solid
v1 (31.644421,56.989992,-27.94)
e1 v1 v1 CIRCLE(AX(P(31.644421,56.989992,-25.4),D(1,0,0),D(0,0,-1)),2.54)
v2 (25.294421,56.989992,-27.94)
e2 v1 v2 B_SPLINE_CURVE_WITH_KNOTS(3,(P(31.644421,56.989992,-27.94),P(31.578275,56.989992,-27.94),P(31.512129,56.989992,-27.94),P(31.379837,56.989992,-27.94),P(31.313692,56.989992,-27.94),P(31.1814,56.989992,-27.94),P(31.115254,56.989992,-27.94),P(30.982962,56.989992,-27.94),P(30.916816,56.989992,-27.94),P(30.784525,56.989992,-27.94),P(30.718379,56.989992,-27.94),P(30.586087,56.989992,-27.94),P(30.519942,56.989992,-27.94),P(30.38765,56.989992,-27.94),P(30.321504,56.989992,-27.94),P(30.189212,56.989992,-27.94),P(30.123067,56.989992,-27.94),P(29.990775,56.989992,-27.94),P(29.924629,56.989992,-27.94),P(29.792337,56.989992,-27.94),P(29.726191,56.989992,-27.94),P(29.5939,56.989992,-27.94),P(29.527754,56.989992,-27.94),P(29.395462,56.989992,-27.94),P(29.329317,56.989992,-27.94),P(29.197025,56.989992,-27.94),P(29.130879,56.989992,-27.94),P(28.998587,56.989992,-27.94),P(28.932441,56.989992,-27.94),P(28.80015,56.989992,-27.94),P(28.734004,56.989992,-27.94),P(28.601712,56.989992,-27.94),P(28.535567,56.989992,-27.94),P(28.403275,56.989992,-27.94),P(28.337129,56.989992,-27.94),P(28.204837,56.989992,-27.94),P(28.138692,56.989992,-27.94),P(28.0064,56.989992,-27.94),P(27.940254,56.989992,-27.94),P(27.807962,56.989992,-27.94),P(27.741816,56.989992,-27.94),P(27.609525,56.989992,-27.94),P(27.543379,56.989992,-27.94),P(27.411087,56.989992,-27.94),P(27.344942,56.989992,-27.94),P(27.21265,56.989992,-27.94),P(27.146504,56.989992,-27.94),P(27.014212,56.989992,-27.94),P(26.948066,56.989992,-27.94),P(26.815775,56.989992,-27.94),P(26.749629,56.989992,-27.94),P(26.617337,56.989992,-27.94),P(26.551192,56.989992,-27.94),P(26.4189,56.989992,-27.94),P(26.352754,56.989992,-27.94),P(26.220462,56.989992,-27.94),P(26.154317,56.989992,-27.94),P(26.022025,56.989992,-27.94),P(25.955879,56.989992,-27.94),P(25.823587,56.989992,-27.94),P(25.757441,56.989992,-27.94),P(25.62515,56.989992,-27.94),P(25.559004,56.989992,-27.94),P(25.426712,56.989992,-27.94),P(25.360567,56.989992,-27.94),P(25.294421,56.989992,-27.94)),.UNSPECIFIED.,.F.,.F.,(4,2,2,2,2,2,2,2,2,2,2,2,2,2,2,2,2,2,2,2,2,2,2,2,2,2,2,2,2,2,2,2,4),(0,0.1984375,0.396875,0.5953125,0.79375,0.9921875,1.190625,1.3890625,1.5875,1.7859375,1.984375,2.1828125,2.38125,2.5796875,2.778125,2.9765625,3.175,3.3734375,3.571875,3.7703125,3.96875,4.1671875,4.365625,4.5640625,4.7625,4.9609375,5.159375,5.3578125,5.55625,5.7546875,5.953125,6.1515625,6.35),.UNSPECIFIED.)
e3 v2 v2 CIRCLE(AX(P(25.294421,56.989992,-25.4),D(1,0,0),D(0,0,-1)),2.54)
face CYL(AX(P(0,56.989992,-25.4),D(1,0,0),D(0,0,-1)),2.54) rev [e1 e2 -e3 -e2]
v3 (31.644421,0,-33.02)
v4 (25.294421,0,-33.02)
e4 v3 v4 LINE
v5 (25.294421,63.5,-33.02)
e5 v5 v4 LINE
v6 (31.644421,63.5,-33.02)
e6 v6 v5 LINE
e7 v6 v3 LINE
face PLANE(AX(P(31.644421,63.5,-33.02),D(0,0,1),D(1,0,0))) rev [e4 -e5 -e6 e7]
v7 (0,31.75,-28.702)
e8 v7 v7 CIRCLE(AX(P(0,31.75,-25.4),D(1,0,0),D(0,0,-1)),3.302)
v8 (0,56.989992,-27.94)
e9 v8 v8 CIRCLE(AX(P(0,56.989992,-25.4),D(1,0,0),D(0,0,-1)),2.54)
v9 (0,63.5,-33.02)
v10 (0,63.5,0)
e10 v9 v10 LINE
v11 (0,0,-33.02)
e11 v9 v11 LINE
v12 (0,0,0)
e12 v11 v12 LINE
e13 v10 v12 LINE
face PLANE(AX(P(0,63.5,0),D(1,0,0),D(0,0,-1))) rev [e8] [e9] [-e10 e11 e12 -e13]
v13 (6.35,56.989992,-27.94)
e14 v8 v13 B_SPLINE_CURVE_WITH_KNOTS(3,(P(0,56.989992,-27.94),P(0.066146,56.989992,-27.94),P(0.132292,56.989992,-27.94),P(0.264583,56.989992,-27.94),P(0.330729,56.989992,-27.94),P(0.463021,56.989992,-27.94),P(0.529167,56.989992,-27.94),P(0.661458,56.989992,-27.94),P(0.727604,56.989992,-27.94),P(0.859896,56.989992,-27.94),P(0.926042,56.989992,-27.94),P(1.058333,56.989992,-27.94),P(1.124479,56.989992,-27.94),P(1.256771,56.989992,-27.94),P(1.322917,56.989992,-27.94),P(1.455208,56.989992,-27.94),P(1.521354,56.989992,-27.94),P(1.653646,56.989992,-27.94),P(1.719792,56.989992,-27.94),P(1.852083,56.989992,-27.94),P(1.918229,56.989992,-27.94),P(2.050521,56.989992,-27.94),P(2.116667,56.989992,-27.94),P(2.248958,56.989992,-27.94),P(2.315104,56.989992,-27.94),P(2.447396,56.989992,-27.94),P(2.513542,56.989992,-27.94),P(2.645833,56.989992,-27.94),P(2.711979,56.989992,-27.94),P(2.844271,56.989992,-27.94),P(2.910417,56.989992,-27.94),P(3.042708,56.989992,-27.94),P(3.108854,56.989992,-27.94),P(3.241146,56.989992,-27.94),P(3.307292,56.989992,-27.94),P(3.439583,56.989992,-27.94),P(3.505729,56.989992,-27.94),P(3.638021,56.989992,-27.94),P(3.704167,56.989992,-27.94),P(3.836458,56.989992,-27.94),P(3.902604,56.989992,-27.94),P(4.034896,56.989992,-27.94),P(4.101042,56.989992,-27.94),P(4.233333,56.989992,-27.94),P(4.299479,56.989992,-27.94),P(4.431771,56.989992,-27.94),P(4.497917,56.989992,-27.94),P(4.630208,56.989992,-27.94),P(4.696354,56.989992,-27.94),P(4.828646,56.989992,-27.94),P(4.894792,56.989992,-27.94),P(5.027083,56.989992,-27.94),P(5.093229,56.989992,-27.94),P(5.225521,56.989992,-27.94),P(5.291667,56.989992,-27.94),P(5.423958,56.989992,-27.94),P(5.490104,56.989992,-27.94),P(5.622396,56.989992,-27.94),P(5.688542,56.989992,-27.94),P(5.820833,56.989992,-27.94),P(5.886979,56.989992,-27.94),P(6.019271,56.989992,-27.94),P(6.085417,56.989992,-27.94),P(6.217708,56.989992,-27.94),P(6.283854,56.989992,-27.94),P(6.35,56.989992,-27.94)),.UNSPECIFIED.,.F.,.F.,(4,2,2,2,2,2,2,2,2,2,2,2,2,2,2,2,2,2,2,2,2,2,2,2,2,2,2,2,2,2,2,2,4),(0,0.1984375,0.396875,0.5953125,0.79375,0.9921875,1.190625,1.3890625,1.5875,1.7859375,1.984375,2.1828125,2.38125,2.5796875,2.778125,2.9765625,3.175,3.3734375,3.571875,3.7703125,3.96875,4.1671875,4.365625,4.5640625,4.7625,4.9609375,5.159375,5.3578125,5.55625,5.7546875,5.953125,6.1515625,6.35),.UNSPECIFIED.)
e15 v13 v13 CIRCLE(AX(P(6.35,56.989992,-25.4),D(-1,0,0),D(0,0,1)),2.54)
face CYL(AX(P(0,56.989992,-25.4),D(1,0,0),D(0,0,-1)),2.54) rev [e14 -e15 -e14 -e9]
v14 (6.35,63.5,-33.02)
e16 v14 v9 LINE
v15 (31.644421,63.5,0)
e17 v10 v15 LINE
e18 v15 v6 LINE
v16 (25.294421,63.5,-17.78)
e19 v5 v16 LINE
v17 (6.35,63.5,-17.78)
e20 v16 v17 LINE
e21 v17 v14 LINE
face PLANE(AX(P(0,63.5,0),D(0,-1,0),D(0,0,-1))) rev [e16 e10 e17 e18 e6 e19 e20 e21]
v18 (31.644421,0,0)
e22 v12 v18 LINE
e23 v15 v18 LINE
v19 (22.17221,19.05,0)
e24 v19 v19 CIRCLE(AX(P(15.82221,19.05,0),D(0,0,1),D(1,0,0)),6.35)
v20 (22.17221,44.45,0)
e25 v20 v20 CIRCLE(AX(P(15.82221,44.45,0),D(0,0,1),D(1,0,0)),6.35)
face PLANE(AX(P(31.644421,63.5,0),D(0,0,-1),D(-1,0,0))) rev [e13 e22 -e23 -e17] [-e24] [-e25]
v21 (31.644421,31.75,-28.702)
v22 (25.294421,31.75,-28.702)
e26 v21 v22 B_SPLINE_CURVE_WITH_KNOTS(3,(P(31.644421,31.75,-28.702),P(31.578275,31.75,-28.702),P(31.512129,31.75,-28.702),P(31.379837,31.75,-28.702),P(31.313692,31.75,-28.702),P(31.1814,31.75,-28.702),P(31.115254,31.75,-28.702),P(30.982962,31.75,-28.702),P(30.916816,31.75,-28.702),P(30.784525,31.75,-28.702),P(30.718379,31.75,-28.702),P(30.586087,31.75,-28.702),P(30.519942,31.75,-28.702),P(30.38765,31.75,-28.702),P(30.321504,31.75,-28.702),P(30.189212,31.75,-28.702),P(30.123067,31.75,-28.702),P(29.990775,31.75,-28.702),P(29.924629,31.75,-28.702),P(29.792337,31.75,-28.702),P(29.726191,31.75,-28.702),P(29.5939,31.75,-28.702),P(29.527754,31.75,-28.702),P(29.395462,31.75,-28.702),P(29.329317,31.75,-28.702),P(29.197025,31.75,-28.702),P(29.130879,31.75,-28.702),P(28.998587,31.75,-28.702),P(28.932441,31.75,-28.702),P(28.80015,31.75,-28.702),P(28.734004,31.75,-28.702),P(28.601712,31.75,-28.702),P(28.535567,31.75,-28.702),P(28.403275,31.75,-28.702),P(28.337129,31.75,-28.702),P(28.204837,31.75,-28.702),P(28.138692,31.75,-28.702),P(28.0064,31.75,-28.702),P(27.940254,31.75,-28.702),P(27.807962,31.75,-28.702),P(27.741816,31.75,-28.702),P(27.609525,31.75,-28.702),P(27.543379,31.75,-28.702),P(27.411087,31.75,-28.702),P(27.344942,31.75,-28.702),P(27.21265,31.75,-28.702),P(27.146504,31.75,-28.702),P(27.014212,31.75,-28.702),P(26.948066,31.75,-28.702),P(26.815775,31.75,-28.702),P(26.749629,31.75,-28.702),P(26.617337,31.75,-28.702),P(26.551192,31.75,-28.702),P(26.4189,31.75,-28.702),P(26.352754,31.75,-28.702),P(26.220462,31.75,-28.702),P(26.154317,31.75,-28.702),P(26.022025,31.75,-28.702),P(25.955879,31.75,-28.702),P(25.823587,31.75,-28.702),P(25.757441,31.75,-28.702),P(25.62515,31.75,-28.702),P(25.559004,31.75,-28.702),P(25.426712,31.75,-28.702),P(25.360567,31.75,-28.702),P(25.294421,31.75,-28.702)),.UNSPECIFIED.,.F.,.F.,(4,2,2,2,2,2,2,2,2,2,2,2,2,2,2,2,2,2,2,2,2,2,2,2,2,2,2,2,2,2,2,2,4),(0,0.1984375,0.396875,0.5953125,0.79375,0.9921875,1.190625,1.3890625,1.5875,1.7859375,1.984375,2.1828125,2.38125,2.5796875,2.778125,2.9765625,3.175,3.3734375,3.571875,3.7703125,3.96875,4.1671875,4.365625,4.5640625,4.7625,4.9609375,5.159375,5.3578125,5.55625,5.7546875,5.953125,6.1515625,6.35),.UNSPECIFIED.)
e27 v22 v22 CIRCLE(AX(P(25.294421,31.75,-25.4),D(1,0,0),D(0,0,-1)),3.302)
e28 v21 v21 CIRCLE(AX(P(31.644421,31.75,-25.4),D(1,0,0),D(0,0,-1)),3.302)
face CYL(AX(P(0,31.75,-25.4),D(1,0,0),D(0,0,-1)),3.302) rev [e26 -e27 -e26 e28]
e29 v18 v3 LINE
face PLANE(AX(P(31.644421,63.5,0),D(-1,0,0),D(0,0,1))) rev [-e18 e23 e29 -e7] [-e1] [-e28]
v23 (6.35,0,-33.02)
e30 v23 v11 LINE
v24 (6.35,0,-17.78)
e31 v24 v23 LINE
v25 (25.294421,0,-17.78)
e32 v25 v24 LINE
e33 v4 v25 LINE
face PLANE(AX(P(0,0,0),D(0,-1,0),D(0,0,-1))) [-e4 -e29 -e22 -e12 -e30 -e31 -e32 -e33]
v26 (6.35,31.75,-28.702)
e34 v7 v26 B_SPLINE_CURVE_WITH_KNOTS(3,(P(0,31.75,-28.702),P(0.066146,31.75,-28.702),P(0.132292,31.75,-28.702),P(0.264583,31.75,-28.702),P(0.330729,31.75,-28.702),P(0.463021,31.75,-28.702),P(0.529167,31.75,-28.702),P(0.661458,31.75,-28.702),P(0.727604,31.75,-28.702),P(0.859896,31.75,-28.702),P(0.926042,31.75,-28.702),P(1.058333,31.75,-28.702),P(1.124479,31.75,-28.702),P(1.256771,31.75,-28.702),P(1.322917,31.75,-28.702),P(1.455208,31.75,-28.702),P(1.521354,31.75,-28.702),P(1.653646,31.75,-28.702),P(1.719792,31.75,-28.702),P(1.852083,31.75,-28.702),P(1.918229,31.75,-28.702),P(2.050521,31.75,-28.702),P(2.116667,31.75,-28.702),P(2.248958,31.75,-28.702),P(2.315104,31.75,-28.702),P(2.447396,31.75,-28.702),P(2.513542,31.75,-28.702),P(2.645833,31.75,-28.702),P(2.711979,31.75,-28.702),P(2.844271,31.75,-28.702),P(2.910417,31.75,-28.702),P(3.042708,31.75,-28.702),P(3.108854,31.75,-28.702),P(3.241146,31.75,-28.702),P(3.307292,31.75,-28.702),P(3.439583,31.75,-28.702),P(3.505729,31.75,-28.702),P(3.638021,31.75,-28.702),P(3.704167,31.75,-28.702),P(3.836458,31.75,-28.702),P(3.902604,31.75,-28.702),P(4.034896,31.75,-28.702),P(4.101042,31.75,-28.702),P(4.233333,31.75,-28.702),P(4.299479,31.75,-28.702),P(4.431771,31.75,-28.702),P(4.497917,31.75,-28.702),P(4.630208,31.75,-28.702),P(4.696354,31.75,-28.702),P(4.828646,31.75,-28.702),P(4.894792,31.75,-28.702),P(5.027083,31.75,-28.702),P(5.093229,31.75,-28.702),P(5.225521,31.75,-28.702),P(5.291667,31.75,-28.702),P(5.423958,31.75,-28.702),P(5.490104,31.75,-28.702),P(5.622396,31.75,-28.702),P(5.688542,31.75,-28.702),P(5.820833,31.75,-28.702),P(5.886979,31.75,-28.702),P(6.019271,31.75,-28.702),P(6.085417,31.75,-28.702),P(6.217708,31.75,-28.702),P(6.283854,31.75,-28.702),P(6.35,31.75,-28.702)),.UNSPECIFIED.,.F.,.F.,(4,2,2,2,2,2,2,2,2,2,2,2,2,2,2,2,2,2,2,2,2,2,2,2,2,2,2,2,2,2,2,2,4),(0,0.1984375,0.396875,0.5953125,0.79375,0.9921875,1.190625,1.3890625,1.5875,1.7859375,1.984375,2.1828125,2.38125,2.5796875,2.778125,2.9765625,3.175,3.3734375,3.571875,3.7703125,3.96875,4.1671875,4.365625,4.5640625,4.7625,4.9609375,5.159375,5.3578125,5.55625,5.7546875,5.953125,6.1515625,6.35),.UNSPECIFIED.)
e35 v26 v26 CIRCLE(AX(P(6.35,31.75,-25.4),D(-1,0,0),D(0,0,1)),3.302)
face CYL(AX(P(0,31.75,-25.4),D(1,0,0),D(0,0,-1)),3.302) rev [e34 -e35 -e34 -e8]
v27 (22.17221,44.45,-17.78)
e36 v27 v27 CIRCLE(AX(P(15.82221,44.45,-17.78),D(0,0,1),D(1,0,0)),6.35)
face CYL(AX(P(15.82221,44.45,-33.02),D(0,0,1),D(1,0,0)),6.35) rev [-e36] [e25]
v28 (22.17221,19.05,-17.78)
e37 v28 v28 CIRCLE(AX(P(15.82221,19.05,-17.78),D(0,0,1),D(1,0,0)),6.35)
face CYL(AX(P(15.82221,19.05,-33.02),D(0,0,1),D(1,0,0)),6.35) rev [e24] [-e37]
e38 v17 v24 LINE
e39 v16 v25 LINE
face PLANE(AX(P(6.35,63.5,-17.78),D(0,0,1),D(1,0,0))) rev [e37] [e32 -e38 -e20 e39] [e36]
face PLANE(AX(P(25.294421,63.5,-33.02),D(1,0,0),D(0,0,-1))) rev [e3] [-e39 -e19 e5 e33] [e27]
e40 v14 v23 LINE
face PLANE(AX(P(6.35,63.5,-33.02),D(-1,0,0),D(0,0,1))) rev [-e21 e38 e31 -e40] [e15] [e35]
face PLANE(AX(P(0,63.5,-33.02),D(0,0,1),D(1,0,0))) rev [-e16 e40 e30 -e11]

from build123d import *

# Parameters (mm, degrees)
BOSS_EXTRUDE1_DEPTH     = 63.5
SKETCH2_R               = 6.35
CUT_EXTRUDE1_DEPTH      = 79.25560529
CUT_EXTRUDE2_DEPTH      = 76.910329448
CUT_EXTRUDE2_DEPTH_BACK = 76.910329448
SKETCH5_R               = 3.302
SKETCH5_R_2             = 2.54


with BuildPart() as part:
    # Sketch1 → Boss-Extrude1 (new body)
    with BuildSketch(Plane(origin=(0, 0, 0), x_dir=(1, 0, 0), z_dir=(0, 1, 0))):
        Polygon((0, 0), (0, 33.02), (6.35, 33.02), (6.35, 17.78), (25.294420667, 17.78), (25.294420667, 33.02), (31.644420667, 33.02), (31.644420667, 0), align=None)
    extrude(amount=BOSS_EXTRUDE1_DEPTH)

    # Sketch2 → Cut-Extrude1 (cut, through all)
    with BuildSketch(Plane.XY):
        with Locations((15.822210333, 44.45)):
            Circle(SKETCH2_R)
        with Locations((15.822210333, 19.05)):
            Circle(SKETCH2_R)
    extrude(amount=-CUT_EXTRUDE1_DEPTH, mode=Mode.SUBTRACT)

    # Sketch5 → Cut-Extrude2 (cut, two sides: drawn at the far end of the back side and taken through both)
    with BuildSketch(Plane(origin=(6.35, 0, 0), x_dir=(0, 0, -1), z_dir=(1, 0, 0)).offset(-CUT_EXTRUDE2_DEPTH_BACK)):
        with Locations((25.4, 31.75)):
            Circle(SKETCH5_R)
        with Locations((25.4, 56.989992478)):
            Circle(SKETCH5_R_2)
    extrude(amount=CUT_EXTRUDE2_DEPTH + CUT_EXTRUDE2_DEPTH_BACK, mode=Mode.SUBTRACT)


solid = part.part
